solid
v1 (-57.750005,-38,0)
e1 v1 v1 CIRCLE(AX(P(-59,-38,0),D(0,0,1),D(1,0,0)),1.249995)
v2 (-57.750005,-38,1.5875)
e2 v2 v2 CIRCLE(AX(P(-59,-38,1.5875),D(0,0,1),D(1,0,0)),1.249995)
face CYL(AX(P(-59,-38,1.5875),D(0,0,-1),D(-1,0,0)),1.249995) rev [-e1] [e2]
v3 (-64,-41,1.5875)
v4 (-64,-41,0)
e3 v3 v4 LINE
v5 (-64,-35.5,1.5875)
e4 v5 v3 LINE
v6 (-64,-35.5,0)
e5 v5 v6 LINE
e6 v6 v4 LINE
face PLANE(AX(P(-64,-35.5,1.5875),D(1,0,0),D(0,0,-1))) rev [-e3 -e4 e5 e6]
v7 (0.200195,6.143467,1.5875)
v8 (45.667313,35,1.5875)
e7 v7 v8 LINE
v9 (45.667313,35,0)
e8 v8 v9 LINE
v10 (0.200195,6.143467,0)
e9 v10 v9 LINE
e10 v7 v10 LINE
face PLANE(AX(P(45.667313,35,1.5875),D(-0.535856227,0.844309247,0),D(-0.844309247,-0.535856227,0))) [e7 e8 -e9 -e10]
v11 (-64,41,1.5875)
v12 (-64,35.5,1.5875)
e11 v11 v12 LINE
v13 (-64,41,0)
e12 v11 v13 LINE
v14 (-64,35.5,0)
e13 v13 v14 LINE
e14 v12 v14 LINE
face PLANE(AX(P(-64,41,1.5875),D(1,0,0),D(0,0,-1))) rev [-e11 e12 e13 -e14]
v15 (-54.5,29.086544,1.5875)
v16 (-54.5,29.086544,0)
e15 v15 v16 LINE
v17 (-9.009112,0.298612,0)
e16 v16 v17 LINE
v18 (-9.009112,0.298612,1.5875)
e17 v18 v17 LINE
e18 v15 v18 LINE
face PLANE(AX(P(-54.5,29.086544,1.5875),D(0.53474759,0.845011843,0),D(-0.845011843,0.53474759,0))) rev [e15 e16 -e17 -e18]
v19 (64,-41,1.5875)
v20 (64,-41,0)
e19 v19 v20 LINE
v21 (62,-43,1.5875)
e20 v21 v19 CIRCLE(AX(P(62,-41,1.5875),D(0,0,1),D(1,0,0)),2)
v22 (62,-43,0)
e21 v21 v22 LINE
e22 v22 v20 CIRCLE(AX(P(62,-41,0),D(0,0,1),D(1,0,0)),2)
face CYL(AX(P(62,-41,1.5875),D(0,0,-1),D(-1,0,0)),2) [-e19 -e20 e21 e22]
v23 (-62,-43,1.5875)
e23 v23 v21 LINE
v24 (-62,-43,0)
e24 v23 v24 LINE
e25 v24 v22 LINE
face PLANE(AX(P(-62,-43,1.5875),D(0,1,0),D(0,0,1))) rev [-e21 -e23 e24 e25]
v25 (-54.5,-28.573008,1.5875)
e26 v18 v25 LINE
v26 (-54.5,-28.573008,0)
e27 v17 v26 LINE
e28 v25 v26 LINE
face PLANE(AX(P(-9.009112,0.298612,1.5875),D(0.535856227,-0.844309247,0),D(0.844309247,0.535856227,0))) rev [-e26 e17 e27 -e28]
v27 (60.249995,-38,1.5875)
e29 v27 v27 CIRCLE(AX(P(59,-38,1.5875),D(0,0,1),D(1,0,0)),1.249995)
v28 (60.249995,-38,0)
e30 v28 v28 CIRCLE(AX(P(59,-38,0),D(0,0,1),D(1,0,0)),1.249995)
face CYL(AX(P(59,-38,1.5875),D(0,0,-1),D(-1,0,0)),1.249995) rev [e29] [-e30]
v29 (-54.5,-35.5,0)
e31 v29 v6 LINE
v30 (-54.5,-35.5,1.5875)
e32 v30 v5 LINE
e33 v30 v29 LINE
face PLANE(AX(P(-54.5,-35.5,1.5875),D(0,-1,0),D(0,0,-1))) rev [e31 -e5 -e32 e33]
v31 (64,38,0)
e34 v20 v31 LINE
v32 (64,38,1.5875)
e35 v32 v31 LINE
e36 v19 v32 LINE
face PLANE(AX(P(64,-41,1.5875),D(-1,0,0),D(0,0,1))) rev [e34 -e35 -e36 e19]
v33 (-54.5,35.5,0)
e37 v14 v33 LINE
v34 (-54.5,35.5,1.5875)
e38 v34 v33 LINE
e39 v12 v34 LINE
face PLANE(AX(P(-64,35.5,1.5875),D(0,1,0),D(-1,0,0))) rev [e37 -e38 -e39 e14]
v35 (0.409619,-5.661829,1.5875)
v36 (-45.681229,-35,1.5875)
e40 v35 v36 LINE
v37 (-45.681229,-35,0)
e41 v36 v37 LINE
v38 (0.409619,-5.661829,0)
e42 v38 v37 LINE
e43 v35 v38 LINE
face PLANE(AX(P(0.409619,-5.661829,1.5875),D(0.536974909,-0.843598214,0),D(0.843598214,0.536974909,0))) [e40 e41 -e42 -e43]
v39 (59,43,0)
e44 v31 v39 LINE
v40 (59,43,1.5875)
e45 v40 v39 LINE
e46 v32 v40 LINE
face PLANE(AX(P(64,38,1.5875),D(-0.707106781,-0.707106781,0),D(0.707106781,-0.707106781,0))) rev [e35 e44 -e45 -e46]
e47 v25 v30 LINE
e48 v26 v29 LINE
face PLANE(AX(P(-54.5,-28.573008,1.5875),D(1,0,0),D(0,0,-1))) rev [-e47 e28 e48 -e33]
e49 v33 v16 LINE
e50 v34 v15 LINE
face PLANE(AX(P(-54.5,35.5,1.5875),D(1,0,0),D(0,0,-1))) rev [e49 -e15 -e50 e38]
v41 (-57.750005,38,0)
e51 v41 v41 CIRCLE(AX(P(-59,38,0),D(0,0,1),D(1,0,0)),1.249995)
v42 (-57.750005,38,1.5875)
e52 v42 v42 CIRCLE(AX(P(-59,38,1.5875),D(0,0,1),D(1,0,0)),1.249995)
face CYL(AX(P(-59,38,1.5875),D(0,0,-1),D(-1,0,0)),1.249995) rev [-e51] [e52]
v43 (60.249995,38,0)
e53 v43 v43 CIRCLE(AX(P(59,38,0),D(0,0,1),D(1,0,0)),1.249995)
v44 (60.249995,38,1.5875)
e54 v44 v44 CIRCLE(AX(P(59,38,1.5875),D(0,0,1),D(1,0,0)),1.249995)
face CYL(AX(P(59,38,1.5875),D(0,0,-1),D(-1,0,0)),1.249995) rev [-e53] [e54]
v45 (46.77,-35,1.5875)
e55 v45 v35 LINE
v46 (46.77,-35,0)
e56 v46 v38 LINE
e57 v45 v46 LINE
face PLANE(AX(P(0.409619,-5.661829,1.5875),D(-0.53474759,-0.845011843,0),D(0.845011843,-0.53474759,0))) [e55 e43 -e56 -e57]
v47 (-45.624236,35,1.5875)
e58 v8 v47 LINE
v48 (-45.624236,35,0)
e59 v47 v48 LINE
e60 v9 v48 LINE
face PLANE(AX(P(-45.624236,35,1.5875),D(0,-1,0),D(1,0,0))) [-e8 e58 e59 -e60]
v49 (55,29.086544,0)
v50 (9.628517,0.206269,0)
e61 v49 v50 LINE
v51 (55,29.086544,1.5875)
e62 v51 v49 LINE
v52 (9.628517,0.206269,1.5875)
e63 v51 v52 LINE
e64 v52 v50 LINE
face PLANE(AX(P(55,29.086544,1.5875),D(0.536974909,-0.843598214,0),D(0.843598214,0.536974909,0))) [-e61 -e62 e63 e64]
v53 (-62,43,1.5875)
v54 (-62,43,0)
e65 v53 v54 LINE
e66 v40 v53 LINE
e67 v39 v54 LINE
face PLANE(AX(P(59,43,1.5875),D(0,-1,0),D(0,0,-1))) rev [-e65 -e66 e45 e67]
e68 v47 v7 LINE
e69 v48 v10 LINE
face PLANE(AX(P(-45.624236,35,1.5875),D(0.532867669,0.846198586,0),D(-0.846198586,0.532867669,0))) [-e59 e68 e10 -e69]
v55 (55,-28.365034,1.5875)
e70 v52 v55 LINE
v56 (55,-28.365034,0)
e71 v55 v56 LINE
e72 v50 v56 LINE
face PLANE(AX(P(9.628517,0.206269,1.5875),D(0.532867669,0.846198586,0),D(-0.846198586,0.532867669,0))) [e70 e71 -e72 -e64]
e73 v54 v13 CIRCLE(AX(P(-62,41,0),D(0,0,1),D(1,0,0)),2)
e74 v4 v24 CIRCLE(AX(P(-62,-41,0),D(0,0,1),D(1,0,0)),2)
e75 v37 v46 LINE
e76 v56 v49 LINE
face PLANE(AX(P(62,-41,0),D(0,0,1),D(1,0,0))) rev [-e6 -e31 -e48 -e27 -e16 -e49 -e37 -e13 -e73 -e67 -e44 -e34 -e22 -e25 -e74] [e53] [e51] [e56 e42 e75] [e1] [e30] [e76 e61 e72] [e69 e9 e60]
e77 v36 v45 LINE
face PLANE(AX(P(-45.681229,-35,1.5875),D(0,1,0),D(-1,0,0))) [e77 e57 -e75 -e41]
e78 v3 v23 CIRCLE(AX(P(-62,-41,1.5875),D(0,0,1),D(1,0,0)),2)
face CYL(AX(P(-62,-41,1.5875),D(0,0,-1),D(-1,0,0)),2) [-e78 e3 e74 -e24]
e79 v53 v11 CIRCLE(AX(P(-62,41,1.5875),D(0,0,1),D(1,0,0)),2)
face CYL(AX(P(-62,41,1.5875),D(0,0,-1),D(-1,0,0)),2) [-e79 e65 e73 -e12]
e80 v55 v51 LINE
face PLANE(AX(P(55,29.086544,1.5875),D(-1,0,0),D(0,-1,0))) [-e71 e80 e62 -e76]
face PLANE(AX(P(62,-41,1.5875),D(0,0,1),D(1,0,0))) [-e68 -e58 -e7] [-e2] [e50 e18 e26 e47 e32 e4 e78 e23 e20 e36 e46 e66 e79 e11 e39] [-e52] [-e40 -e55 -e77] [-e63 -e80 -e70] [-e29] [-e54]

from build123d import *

# Parameters (mm, degrees)
SKETCH2_R           = 1.249995
BOSS_EXTRUDE1_DEPTH = 1.5875


with BuildPart() as part:
    # Sketch2 → Boss-Extrude1 (new body)
    with BuildSketch(Plane.XY):
        with BuildLine():
            Line((64.000000001, -40.999999999), (64.000000001, 37.999999999))
            Line((64.000000001, 37.999999999), (59.000000001, 42.999999999))
            Line((59.000000001, 42.999999999), (-62, 42.999999999))
            ThreePointArc((-62, 42.999999999), (-63.414213563, 42.414213561), (-64.000000001, 40.999999999))
            Line((-64.000000001, 40.999999999), (-64.000000001, 35.5))
            Line((-64.000000001, 35.5), (-54.500000001, 35.5))
            Line((-54.500000001, 35.5), (-54.500000001, 29.086543683))
            Line((-54.500000001, 29.086543683), (-9.009111538, 0.298612306))
            Line((-9.009111538, 0.298612306), (-54.500000001, -28.57300784))
            Line((-54.500000001, -28.57300784), (-54.500000001, -35.5))
            Line((-54.500000001, -35.5), (-64.000000001, -35.5))
            Line((-64.000000001, -35.5), (-64.000000001, -40.999999999))
            ThreePointArc((-64.000000001, -40.999999999), (-63.414213563, -42.414213561), (-62, -42.999999999))
            Line((-62, -42.999999999), (62, -42.999999999))
            ThreePointArc((62, -42.999999999), (63.414213563, -42.414213561), (64.000000001, -40.999999999))
        make_face()
        with Locations((59.000000001, -38)):
            Circle(SKETCH2_R, mode=Mode.SUBTRACT)
        with Locations((-59.000000001, -38)):
            Circle(SKETCH2_R, mode=Mode.SUBTRACT)
        with Locations((59.000000001, 37.999999999)):
            Circle(SKETCH2_R, mode=Mode.SUBTRACT)
        with Locations((-59.000000001, 37.999999999)):
            Circle(SKETCH2_R, mode=Mode.SUBTRACT)
        Polygon((-45.624235778, 34.999999999), (45.667312892, 34.999999999), (0.200195404, 6.143466535), align=None, mode=Mode.SUBTRACT)
        Polygon((-45.681229003, -34.999999999), (46.769999999, -34.999999999), (0.409618796, -5.661828822), align=None, mode=Mode.SUBTRACT)
        Polygon((55.000000001, 29.086543683), (55.000000001, -28.365033721), (9.628517212, 0.206269351), align=None, mode=Mode.SUBTRACT)
    extrude(amount=BOSS_EXTRUDE1_DEPTH)


solid = part.part
